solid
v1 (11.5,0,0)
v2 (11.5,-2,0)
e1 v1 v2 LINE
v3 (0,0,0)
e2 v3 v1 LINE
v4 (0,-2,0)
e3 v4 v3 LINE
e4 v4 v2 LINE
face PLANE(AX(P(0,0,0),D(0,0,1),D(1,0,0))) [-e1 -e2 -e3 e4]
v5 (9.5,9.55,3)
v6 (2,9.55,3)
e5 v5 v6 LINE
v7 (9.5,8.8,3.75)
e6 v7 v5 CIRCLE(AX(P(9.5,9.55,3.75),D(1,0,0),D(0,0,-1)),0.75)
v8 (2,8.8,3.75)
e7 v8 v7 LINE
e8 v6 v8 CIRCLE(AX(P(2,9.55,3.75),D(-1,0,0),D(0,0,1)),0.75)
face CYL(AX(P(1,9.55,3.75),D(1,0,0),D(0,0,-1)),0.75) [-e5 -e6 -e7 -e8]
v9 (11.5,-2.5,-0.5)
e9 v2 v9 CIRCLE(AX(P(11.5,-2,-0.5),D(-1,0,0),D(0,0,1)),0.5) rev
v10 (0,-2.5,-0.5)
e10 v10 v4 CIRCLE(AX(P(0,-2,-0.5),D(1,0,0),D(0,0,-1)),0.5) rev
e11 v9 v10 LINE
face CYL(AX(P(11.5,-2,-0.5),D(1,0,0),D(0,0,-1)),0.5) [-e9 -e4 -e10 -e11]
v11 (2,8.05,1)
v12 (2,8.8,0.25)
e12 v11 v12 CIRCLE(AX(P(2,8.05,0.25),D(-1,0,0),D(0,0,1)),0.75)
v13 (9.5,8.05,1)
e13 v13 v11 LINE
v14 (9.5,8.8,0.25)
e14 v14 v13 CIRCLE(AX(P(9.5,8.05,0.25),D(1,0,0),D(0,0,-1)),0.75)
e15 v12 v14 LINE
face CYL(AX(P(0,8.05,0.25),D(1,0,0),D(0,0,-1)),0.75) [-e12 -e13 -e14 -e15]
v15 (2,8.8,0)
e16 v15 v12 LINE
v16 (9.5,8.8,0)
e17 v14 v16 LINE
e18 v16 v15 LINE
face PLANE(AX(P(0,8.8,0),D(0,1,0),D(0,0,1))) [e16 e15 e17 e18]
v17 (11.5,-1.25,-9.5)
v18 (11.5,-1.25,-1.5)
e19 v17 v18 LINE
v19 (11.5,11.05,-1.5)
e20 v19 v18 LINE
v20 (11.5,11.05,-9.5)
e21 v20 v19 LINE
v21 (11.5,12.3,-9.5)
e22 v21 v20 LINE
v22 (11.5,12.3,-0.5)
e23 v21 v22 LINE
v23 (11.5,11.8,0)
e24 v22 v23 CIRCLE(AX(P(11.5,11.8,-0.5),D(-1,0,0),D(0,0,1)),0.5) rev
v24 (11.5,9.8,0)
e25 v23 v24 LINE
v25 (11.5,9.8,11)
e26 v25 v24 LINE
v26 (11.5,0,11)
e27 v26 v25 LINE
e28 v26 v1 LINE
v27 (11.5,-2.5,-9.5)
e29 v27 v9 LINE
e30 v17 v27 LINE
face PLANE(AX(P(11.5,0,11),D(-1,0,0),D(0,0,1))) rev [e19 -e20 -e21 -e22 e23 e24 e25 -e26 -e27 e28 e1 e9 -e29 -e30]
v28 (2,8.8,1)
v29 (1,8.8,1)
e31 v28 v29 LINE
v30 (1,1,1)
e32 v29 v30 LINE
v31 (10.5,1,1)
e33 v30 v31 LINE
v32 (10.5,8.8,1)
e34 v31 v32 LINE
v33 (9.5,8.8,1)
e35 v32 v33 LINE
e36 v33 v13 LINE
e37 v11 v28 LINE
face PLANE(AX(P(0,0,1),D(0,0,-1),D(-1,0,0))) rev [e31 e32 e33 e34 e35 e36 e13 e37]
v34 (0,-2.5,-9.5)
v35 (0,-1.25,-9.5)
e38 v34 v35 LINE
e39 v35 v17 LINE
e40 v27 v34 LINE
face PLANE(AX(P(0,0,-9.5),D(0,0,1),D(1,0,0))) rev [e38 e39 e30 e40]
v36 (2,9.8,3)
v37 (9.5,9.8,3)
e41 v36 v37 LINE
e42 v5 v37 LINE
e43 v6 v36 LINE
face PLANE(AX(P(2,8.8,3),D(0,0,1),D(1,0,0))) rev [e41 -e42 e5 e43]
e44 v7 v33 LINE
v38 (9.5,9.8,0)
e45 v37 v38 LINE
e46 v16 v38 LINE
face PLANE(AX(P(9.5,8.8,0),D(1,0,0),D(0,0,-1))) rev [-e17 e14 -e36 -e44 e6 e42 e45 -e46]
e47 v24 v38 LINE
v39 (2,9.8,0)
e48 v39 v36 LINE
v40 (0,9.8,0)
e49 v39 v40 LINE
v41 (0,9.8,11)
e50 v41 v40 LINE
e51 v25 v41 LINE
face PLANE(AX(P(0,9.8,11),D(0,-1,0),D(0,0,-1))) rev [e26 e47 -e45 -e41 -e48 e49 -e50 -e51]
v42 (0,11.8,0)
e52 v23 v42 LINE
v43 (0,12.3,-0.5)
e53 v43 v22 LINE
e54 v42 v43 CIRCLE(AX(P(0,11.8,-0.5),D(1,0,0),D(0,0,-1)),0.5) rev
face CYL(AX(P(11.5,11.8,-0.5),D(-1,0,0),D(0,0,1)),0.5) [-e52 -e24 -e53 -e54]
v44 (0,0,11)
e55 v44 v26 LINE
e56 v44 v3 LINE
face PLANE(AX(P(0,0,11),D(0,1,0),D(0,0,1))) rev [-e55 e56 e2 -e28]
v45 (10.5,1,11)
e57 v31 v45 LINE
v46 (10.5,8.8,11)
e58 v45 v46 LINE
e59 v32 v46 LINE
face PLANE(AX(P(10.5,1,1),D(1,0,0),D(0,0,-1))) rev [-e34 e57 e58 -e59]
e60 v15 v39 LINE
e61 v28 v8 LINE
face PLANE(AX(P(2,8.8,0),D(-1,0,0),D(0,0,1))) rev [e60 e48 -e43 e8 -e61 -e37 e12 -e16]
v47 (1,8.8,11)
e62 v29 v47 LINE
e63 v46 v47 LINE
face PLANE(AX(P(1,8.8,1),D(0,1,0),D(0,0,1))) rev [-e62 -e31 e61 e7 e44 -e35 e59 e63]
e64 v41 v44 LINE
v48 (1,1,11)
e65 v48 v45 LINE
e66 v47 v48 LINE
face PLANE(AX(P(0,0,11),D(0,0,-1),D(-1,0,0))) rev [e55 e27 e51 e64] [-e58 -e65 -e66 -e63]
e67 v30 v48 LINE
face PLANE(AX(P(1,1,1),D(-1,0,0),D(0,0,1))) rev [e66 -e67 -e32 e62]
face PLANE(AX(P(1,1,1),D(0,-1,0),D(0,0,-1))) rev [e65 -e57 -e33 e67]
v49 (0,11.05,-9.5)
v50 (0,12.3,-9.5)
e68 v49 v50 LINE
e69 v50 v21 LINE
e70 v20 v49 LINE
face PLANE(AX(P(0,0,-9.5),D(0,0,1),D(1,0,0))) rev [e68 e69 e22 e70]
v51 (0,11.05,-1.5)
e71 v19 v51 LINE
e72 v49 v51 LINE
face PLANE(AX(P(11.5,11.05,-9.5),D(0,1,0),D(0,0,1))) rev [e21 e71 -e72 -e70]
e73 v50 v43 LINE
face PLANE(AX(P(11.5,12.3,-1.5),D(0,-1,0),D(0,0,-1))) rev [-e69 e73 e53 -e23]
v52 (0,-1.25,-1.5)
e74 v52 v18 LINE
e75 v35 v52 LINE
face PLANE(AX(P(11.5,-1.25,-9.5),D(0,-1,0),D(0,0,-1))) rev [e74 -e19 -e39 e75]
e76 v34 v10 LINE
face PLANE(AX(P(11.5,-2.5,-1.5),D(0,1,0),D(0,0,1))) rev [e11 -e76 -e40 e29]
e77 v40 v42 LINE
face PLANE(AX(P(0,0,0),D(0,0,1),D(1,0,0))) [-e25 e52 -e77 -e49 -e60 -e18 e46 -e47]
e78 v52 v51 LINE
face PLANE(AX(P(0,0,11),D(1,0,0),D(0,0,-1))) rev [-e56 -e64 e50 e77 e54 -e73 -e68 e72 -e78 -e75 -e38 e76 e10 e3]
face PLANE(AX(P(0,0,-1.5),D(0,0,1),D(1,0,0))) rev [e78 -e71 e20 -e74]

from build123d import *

# Parameters (mm, degrees)
ESQUISSE1_W             = 11.5
ESQUISSE1_H             = 9.8
BOSS_EXTRU_1_DEPTH      = 11
ESQUISSE2_W             = 9.5
ESQUISSE2_H             = 7.8
ENL_V_MAT_EXTRU_1_DEPTH = 10
ESQUISSE3_W             = 7.5
ESQUISSE3_H             = 3
ENL_V_MAT_EXTRU_2_DEPTH = 1
CONG_1_R                = 0.75
ESQUISSE4_W             = 11.5
ESQUISSE4_H             = 14.8
BOSS_EXTRU_2_DEPTH      = 1.5
ESQUISSE5_W             = 11.5
ESQUISSE5_H             = 1.25
BOSS_EXTRU_3_DEPTH      = 8
CONG_2_R                = 0.5


with BuildPart() as part:
    # Esquisse1 → Boss.-Extru.1 (new body)
    with BuildSketch(Plane.XY):
        with Locations((5.75, 4.9)):
            Rectangle(ESQUISSE1_W, ESQUISSE1_H)
    extrude(amount=BOSS_EXTRU_1_DEPTH)

    # Esquisse2 → Enlèv. mat.-Extru.1 (cut)
    with BuildSketch(Plane.XY.offset(11)):
        with Locations((5.75, 4.9)):
            Rectangle(ESQUISSE2_W, ESQUISSE2_H)
    extrude(amount=-ENL_V_MAT_EXTRU_1_DEPTH, mode=Mode.SUBTRACT)

    # Esquisse3 → Enlèv. mat.-Extru.2 (cut)
    with BuildSketch(Plane(origin=(0, 9.8, 0), x_dir=(1, 0, 0), z_dir=(0, 1, 0))):
        with Locations((5.75, -1.5)):
            Rectangle(ESQUISSE3_W, ESQUISSE3_H)
    extrude(amount=-ENL_V_MAT_EXTRU_2_DEPTH, mode=Mode.SUBTRACT)

    # Congé1
    cong_1_edges = [part.edges().sort_by_distance(p)[0] for p in [
        (5.75, 8.8, 1),
        (5.75, 8.8, 3),
    ]]
    fillet(cong_1_edges, radius=CONG_1_R)

    # Esquisse4 → Boss.-Extru.2 (add)
    with BuildSketch(Plane(origin=(0, 0, 0), x_dir=(-1, 0, 0), z_dir=(0, 0, -1))):
        with Locations((-5.75, 4.9)):
            Rectangle(ESQUISSE4_W, ESQUISSE4_H)
    extrude(amount=BOSS_EXTRU_2_DEPTH)

    # Esquisse5 → Boss.-Extru.3 (add)
    with BuildSketch(Plane(origin=(0, 0, -1.5), x_dir=(-1, 0, 0), z_dir=(0, 0, -1))):
        with Locations((-5.75, 11.675)):
            Rectangle(ESQUISSE5_W, ESQUISSE5_H)
        with Locations((-5.75, -1.875)):
            Rectangle(ESQUISSE5_W, ESQUISSE5_H)
    extrude(amount=BOSS_EXTRU_3_DEPTH)

    # Congé2
    cong_2_edges = [part.edges().sort_by_distance(p)[0] for p in [
        (5.75, -2.5, 0),
        (5.75, 12.3, 0),
    ]]
    fillet(cong_2_edges, radius=CONG_2_R)


solid = part.part
